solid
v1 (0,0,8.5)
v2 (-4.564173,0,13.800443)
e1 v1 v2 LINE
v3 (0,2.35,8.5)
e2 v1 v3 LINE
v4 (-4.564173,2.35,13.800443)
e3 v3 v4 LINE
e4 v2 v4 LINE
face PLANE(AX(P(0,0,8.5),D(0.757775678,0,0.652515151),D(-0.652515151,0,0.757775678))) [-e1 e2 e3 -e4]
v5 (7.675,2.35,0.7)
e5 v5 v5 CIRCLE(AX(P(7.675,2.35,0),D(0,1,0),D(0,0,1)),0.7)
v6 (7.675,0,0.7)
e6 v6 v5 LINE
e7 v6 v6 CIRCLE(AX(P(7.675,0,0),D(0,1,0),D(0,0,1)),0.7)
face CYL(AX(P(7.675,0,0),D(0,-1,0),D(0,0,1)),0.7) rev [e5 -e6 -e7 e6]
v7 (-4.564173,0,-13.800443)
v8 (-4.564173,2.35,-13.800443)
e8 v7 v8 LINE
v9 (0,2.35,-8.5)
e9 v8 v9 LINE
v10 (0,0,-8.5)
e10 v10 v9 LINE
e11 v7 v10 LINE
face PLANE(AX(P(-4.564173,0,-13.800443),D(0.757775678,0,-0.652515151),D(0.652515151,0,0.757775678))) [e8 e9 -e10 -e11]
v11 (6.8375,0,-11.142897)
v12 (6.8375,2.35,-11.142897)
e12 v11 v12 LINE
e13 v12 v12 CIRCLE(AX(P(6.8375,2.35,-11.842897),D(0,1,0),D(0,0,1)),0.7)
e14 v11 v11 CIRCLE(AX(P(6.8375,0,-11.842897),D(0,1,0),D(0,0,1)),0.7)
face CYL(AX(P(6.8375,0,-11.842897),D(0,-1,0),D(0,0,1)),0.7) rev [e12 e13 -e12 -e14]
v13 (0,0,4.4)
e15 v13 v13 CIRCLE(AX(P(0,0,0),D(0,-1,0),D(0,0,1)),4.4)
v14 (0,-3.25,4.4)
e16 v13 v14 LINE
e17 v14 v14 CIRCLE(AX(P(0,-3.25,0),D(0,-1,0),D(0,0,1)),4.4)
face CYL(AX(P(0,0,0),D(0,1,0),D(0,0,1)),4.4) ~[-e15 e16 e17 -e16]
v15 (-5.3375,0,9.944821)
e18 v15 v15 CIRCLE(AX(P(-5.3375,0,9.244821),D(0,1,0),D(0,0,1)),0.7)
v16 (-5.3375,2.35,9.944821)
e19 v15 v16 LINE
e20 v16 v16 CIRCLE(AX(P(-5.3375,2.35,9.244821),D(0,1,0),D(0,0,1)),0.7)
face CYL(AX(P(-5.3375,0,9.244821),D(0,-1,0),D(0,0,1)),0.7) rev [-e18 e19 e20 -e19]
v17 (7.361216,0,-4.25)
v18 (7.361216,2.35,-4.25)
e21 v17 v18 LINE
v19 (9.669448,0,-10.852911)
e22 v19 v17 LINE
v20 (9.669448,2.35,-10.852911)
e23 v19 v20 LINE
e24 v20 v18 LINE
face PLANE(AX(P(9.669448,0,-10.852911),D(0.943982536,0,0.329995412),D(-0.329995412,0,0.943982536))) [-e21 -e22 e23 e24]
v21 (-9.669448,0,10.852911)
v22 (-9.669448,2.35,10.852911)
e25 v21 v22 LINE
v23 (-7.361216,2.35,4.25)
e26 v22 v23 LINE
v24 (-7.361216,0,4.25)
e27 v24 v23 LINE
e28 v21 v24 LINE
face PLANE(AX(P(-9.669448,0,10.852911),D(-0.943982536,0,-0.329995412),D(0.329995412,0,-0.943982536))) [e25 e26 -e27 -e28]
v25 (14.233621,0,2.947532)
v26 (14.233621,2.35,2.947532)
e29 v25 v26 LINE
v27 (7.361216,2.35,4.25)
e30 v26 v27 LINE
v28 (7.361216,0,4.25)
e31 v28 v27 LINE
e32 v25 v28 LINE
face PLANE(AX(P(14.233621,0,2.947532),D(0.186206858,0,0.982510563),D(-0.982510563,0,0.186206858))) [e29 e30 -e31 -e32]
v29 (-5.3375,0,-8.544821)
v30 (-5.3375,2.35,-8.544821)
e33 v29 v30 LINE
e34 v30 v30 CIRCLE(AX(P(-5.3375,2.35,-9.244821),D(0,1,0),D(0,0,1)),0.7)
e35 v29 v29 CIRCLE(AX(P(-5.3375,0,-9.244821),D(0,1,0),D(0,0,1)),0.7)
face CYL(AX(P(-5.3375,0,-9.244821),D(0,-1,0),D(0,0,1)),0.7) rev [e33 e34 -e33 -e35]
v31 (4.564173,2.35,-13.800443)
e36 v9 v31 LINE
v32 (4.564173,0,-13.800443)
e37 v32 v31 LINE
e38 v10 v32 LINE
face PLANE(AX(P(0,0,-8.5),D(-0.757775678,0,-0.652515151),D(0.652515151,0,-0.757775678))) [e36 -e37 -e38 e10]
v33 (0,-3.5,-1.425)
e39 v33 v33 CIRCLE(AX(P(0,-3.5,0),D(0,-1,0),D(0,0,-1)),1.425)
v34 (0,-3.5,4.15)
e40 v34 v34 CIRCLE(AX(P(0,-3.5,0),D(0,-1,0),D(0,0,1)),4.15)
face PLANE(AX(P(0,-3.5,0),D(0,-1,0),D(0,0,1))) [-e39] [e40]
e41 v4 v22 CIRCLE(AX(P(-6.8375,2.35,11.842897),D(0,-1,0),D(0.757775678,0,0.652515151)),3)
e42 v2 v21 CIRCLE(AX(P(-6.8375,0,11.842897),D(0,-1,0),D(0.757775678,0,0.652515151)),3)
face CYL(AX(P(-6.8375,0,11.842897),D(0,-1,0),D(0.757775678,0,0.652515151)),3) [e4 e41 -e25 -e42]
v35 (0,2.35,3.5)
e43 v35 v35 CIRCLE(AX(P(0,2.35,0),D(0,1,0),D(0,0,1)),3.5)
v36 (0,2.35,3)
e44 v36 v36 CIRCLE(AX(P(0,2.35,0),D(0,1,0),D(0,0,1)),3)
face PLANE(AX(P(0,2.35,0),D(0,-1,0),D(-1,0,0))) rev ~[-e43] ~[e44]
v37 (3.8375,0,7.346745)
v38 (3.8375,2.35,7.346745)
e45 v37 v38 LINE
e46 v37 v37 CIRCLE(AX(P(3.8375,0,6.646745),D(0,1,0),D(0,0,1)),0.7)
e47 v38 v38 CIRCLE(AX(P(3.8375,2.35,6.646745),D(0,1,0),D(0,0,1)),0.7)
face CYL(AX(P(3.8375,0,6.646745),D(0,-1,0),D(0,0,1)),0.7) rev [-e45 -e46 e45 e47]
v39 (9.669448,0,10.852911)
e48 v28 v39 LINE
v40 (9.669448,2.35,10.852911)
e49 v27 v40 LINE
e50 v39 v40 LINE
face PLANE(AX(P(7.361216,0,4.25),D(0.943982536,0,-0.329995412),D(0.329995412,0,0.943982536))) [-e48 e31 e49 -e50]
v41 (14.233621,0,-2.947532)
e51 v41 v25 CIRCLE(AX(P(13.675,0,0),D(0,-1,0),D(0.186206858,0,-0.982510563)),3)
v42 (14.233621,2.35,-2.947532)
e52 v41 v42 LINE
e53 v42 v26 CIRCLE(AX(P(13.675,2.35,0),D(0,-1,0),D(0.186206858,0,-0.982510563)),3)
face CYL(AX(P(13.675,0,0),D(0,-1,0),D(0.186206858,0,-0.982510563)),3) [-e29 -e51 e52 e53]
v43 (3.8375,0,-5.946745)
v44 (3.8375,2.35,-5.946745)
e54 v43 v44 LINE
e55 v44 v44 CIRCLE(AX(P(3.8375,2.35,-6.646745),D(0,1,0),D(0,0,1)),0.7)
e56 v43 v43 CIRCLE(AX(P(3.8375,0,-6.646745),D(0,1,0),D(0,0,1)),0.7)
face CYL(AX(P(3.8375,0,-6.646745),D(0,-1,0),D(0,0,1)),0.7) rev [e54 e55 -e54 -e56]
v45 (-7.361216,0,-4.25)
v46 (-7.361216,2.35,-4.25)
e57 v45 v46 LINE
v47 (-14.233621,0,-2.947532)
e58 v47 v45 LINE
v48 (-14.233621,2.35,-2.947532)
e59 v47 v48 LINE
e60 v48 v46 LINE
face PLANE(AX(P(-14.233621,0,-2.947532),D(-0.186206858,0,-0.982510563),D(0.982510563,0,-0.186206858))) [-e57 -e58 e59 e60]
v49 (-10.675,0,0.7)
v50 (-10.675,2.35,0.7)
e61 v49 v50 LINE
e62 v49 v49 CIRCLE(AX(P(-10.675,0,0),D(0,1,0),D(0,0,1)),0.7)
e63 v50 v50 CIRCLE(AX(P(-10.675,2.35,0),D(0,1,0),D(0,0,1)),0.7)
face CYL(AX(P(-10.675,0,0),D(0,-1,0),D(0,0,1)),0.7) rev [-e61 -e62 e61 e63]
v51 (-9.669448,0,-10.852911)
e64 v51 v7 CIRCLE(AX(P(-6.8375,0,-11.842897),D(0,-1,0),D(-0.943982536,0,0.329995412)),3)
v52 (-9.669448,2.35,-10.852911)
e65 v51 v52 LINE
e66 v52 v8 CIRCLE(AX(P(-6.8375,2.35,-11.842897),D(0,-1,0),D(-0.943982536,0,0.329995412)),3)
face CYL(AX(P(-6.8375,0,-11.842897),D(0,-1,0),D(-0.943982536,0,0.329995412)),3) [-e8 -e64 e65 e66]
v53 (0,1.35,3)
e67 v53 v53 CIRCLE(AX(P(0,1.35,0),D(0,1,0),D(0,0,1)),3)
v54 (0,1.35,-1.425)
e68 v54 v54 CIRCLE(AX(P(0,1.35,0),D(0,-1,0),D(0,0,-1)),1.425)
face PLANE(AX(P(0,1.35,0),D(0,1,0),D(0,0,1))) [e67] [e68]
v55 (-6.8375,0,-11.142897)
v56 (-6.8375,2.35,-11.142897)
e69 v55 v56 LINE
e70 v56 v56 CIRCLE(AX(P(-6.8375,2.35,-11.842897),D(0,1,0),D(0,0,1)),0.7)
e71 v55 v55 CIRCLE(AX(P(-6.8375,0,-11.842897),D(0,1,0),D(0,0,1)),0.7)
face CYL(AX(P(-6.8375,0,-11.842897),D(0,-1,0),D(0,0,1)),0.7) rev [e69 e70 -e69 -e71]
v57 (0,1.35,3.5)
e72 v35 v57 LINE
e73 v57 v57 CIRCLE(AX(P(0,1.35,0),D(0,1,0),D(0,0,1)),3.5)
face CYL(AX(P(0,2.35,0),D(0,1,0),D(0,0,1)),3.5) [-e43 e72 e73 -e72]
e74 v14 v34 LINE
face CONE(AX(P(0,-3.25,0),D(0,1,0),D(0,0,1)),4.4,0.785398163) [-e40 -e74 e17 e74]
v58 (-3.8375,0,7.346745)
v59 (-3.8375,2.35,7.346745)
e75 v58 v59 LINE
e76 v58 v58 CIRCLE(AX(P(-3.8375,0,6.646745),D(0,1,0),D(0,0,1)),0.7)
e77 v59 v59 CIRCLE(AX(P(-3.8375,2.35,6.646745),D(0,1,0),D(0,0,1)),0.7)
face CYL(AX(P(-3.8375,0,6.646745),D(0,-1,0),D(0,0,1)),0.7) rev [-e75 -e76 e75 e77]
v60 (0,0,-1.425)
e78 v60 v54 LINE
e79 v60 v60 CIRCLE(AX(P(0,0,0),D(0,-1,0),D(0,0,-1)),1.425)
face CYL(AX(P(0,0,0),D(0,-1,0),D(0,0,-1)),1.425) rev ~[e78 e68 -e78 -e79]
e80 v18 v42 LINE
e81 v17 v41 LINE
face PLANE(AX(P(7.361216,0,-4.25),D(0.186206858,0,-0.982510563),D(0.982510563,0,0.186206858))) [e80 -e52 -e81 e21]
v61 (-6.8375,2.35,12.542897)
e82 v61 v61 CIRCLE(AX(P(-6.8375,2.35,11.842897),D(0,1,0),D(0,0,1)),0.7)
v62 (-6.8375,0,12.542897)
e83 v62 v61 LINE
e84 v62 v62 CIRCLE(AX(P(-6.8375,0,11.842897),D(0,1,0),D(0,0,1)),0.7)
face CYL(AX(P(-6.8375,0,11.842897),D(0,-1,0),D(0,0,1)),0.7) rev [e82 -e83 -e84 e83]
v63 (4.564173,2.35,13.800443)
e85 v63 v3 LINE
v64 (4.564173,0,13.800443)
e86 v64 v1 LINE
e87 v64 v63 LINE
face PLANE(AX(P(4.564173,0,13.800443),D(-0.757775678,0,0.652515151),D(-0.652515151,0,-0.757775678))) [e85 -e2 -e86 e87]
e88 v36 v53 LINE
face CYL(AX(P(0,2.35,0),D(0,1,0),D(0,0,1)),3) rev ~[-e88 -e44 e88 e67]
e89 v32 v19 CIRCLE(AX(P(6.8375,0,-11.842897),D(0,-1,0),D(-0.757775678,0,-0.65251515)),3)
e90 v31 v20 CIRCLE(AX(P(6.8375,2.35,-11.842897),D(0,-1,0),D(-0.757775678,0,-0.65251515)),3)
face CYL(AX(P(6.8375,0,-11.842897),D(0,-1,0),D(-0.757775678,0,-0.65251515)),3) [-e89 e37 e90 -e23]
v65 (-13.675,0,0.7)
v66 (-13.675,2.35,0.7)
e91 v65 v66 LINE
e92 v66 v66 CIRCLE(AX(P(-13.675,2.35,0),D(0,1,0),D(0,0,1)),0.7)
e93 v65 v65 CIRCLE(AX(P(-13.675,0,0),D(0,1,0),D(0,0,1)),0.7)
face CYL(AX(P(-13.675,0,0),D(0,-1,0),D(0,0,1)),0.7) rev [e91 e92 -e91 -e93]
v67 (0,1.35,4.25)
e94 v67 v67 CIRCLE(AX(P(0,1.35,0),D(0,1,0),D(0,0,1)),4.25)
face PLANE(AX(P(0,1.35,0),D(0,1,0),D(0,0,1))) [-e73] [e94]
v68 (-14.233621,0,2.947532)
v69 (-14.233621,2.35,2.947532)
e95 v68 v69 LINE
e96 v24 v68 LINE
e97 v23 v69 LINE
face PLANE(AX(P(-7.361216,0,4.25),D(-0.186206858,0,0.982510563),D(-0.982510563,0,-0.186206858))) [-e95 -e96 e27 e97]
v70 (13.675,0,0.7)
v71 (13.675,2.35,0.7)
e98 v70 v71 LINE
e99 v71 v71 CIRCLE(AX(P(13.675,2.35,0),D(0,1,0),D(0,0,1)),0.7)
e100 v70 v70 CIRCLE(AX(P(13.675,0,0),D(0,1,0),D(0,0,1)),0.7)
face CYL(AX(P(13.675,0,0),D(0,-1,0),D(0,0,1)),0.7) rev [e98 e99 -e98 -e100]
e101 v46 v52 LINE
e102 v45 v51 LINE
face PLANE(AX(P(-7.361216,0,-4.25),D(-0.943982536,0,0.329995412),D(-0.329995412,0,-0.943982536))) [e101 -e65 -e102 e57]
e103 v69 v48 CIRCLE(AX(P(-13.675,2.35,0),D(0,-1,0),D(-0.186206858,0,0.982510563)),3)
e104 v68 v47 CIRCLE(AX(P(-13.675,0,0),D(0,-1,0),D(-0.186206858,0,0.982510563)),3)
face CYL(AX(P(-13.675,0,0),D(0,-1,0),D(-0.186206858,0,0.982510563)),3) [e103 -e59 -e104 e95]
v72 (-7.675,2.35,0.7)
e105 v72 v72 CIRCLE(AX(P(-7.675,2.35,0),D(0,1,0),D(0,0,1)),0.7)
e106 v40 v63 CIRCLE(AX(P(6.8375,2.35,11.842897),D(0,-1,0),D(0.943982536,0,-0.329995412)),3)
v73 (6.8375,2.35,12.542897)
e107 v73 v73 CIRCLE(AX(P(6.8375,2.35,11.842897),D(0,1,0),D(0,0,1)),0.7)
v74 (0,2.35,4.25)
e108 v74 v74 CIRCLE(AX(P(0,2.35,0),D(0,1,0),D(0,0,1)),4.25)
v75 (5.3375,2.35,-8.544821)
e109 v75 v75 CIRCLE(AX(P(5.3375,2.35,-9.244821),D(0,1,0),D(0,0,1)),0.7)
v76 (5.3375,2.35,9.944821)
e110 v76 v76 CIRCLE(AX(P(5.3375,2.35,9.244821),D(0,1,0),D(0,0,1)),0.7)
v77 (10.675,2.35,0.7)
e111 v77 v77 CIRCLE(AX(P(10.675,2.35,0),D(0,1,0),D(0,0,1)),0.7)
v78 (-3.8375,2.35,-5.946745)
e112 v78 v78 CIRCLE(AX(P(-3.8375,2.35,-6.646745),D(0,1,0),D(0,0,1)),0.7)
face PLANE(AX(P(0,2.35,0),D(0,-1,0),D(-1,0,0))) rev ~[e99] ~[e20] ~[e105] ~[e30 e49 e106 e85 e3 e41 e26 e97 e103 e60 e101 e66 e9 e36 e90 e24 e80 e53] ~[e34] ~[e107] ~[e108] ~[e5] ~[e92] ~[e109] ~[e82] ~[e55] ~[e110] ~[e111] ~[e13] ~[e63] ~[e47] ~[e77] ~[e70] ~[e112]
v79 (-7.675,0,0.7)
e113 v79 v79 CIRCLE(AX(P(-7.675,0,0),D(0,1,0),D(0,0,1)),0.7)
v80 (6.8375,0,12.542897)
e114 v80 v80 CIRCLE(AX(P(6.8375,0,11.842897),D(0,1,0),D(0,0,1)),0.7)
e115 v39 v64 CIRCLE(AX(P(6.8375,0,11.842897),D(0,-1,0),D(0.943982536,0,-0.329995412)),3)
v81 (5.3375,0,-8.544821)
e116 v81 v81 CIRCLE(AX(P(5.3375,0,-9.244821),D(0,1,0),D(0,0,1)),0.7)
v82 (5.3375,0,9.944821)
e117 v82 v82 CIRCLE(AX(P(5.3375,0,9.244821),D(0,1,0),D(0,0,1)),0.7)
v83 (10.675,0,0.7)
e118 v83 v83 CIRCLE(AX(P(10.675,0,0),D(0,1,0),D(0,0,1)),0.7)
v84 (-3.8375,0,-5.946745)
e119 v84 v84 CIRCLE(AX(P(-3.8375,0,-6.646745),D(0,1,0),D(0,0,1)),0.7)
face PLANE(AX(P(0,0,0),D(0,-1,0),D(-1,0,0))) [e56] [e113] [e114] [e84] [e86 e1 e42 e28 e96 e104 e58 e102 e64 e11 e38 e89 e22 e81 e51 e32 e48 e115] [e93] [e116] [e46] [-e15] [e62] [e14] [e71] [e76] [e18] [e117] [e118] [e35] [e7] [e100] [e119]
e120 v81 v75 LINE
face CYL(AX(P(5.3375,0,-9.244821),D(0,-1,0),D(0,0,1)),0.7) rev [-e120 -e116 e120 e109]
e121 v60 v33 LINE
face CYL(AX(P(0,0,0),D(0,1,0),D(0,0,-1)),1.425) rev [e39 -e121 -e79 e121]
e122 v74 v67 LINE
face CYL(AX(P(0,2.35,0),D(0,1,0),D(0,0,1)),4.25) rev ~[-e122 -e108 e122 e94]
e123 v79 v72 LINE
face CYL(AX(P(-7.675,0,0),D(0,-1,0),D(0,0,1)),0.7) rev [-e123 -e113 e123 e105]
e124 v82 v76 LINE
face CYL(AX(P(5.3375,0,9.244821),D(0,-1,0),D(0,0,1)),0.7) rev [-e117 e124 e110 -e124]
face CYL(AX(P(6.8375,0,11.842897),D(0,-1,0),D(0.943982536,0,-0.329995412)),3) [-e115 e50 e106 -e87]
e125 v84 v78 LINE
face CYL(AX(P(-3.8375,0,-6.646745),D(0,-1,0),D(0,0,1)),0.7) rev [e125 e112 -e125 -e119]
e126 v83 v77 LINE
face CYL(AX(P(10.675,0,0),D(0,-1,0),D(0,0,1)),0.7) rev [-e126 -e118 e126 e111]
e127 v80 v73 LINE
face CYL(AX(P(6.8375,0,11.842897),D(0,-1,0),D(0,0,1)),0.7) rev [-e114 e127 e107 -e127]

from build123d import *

# Parameters (mm, degrees)
SKETCH_1_R          = 0.7
EXTRUDE_1_DEPTH     = 2.35
SKETCH_2_R          = 4.4
SKETCH_2_R_2        = 1.425
EXTRUDE_2_DEPTH     = 3.5
SKETCH_3_R          = 1.425
CUT_EXTRUDE_1_DEPTH = 23.59684111
SKETCH_4_R          = 3
SKETCH_4_R_2        = 1.425
CUT_EXTRUDE_2_DEPTH = 1
SKETCH_4_3_R        = 4.25
SKETCH_4_3_R_2      = 3.5
CUT_EXTRUDE_3_DEPTH = 1
CHAMFER_1_SIZE      = 0.25


with BuildPart() as part:
    # 草图1 → 凸台-拉伸1 (new body)
    with BuildSketch(Plane(origin=(0, 0, 0), x_dir=(1, 0, 0), z_dir=(0, 1, 0))):
        with BuildLine():
            Line((-7.361215932, -4.25), (-14.233620573, -2.947531689))
            ThreePointArc((-14.233620573, -2.947531689), (-16.675, 0), (-14.233620573, 2.947531689))
            Line((-14.233620573, 2.947531689), (-7.361215932, 4.25))
            Line((-7.361215932, 4.25), (-9.669447607, 10.85291116))
            ThreePointArc((-9.669447607, 10.85291116), (-8.3375, 14.440973608), (-4.564172966, 13.800442848))
            Line((-4.564172966, 13.800442848), (0, 8.499999999))
            Line((0, 8.499999999), (4.564172966, 13.800442848))
            ThreePointArc((4.564172966, 13.800442848), (8.3375, 14.440973608), (9.669447607, 10.852911159))
            Line((9.669447607, 10.852911159), (7.361215932, 4.25))
            Line((7.361215932, 4.25), (14.233620573, 2.947531688))
            ThreePointArc((14.233620573, 2.947531688), (16.675, -1e-09), (14.233620573, -2.947531689))
            Line((14.233620573, -2.947531689), (7.361215932, -4.25))
            Line((7.361215932, -4.25), (9.669447607, -10.852911161))
            ThreePointArc((9.669447607, -10.852911161), (8.337499999, -14.440973608), (4.564172965, -13.800442849))
            Line((4.564172965, -13.800442849), (0, -8.5))
            Line((0, -8.5), (-4.564172966, -13.800442849))
            ThreePointArc((-4.564172966, -13.800442849), (-8.3375, -14.440973608), (-9.669447608, -10.85291116))
            Line((-9.669447608, -10.85291116), (-7.361215932, -4.25))
        make_face()
        with Locations((-13.675, 0)):
            Circle(SKETCH_1_R, mode=Mode.SUBTRACT)
        with Locations((-10.675, 0)):
            Circle(SKETCH_1_R, mode=Mode.SUBTRACT)
        with Locations((-7.675, 0)):
            Circle(SKETCH_1_R, mode=Mode.SUBTRACT)
        with Locations((-6.8375, 11.842897397)):
            Circle(SKETCH_1_R, mode=Mode.SUBTRACT)
        with Locations((-5.3375, 9.244821185)):
            Circle(SKETCH_1_R, mode=Mode.SUBTRACT)
        with Locations((-3.8375, 6.646744974)):
            Circle(SKETCH_1_R, mode=Mode.SUBTRACT)
        with Locations((6.8375, 11.842897397)):
            Circle(SKETCH_1_R, mode=Mode.SUBTRACT)
        with Locations((5.3375, 9.244821185)):
            Circle(SKETCH_1_R, mode=Mode.SUBTRACT)
        with Locations((3.8375, 6.646744974)):
            Circle(SKETCH_1_R, mode=Mode.SUBTRACT)
        with Locations((13.675, 0)):
            Circle(SKETCH_1_R, mode=Mode.SUBTRACT)
        with Locations((10.675, 0)):
            Circle(SKETCH_1_R, mode=Mode.SUBTRACT)
        with Locations((7.675, 0)):
            Circle(SKETCH_1_R, mode=Mode.SUBTRACT)
        with Locations((6.8375, -11.842897397)):
            Circle(SKETCH_1_R, mode=Mode.SUBTRACT)
        with Locations((5.3375, -9.244821185)):
            Circle(SKETCH_1_R, mode=Mode.SUBTRACT)
        with Locations((3.8375, -6.646744974)):
            Circle(SKETCH_1_R, mode=Mode.SUBTRACT)
        with Locations((-6.8375, -11.842897397)):
            Circle(SKETCH_1_R, mode=Mode.SUBTRACT)
        with Locations((-5.3375, -9.244821185)):
            Circle(SKETCH_1_R, mode=Mode.SUBTRACT)
        with Locations((-3.8375, -6.646744974)):
            Circle(SKETCH_1_R, mode=Mode.SUBTRACT)
    extrude(amount=EXTRUDE_1_DEPTH)

    # 草图2 → 凸台-拉伸2 (add)
    with BuildSketch(Plane.XZ):
        Circle(SKETCH_2_R)
        Circle(SKETCH_2_R_2, mode=Mode.SUBTRACT)
    extrude(amount=EXTRUDE_2_DEPTH)

    # 草图3 → 切除-拉伸1 (cut, through all)
    with BuildSketch(Plane.XZ):
        Circle(SKETCH_3_R)
    extrude(amount=-CUT_EXTRUDE_1_DEPTH, mode=Mode.SUBTRACT)

    # 草图4 → 切除-拉伸2 (cut)
    with BuildSketch(Plane(origin=(0, 2.35, 0), x_dir=(1, 0, 0), z_dir=(0, 1, 0))):
        Circle(SKETCH_4_R)
        Circle(SKETCH_4_R_2, mode=Mode.SUBTRACT)
    extrude(amount=-CUT_EXTRUDE_2_DEPTH, mode=Mode.SUBTRACT)

    # 草图4<3> → 切除-拉伸3 (cut)
    with BuildSketch(Plane(origin=(0, 2.35, 0), x_dir=(1, 0, 0), z_dir=(0, 1, 0))):
        Circle(SKETCH_4_3_R)
        Circle(SKETCH_4_3_R_2, mode=Mode.SUBTRACT)
    extrude(amount=-CUT_EXTRUDE_3_DEPTH, mode=Mode.SUBTRACT)

    # 倒角1
    chamfer_1_edges = [part.edges().sort_by_distance(p)[0] for p in [
        (-4.4, -3.5, 0),
    ]]
    chamfer(chamfer_1_edges, length=CHAMFER_1_SIZE)


solid = part.part
